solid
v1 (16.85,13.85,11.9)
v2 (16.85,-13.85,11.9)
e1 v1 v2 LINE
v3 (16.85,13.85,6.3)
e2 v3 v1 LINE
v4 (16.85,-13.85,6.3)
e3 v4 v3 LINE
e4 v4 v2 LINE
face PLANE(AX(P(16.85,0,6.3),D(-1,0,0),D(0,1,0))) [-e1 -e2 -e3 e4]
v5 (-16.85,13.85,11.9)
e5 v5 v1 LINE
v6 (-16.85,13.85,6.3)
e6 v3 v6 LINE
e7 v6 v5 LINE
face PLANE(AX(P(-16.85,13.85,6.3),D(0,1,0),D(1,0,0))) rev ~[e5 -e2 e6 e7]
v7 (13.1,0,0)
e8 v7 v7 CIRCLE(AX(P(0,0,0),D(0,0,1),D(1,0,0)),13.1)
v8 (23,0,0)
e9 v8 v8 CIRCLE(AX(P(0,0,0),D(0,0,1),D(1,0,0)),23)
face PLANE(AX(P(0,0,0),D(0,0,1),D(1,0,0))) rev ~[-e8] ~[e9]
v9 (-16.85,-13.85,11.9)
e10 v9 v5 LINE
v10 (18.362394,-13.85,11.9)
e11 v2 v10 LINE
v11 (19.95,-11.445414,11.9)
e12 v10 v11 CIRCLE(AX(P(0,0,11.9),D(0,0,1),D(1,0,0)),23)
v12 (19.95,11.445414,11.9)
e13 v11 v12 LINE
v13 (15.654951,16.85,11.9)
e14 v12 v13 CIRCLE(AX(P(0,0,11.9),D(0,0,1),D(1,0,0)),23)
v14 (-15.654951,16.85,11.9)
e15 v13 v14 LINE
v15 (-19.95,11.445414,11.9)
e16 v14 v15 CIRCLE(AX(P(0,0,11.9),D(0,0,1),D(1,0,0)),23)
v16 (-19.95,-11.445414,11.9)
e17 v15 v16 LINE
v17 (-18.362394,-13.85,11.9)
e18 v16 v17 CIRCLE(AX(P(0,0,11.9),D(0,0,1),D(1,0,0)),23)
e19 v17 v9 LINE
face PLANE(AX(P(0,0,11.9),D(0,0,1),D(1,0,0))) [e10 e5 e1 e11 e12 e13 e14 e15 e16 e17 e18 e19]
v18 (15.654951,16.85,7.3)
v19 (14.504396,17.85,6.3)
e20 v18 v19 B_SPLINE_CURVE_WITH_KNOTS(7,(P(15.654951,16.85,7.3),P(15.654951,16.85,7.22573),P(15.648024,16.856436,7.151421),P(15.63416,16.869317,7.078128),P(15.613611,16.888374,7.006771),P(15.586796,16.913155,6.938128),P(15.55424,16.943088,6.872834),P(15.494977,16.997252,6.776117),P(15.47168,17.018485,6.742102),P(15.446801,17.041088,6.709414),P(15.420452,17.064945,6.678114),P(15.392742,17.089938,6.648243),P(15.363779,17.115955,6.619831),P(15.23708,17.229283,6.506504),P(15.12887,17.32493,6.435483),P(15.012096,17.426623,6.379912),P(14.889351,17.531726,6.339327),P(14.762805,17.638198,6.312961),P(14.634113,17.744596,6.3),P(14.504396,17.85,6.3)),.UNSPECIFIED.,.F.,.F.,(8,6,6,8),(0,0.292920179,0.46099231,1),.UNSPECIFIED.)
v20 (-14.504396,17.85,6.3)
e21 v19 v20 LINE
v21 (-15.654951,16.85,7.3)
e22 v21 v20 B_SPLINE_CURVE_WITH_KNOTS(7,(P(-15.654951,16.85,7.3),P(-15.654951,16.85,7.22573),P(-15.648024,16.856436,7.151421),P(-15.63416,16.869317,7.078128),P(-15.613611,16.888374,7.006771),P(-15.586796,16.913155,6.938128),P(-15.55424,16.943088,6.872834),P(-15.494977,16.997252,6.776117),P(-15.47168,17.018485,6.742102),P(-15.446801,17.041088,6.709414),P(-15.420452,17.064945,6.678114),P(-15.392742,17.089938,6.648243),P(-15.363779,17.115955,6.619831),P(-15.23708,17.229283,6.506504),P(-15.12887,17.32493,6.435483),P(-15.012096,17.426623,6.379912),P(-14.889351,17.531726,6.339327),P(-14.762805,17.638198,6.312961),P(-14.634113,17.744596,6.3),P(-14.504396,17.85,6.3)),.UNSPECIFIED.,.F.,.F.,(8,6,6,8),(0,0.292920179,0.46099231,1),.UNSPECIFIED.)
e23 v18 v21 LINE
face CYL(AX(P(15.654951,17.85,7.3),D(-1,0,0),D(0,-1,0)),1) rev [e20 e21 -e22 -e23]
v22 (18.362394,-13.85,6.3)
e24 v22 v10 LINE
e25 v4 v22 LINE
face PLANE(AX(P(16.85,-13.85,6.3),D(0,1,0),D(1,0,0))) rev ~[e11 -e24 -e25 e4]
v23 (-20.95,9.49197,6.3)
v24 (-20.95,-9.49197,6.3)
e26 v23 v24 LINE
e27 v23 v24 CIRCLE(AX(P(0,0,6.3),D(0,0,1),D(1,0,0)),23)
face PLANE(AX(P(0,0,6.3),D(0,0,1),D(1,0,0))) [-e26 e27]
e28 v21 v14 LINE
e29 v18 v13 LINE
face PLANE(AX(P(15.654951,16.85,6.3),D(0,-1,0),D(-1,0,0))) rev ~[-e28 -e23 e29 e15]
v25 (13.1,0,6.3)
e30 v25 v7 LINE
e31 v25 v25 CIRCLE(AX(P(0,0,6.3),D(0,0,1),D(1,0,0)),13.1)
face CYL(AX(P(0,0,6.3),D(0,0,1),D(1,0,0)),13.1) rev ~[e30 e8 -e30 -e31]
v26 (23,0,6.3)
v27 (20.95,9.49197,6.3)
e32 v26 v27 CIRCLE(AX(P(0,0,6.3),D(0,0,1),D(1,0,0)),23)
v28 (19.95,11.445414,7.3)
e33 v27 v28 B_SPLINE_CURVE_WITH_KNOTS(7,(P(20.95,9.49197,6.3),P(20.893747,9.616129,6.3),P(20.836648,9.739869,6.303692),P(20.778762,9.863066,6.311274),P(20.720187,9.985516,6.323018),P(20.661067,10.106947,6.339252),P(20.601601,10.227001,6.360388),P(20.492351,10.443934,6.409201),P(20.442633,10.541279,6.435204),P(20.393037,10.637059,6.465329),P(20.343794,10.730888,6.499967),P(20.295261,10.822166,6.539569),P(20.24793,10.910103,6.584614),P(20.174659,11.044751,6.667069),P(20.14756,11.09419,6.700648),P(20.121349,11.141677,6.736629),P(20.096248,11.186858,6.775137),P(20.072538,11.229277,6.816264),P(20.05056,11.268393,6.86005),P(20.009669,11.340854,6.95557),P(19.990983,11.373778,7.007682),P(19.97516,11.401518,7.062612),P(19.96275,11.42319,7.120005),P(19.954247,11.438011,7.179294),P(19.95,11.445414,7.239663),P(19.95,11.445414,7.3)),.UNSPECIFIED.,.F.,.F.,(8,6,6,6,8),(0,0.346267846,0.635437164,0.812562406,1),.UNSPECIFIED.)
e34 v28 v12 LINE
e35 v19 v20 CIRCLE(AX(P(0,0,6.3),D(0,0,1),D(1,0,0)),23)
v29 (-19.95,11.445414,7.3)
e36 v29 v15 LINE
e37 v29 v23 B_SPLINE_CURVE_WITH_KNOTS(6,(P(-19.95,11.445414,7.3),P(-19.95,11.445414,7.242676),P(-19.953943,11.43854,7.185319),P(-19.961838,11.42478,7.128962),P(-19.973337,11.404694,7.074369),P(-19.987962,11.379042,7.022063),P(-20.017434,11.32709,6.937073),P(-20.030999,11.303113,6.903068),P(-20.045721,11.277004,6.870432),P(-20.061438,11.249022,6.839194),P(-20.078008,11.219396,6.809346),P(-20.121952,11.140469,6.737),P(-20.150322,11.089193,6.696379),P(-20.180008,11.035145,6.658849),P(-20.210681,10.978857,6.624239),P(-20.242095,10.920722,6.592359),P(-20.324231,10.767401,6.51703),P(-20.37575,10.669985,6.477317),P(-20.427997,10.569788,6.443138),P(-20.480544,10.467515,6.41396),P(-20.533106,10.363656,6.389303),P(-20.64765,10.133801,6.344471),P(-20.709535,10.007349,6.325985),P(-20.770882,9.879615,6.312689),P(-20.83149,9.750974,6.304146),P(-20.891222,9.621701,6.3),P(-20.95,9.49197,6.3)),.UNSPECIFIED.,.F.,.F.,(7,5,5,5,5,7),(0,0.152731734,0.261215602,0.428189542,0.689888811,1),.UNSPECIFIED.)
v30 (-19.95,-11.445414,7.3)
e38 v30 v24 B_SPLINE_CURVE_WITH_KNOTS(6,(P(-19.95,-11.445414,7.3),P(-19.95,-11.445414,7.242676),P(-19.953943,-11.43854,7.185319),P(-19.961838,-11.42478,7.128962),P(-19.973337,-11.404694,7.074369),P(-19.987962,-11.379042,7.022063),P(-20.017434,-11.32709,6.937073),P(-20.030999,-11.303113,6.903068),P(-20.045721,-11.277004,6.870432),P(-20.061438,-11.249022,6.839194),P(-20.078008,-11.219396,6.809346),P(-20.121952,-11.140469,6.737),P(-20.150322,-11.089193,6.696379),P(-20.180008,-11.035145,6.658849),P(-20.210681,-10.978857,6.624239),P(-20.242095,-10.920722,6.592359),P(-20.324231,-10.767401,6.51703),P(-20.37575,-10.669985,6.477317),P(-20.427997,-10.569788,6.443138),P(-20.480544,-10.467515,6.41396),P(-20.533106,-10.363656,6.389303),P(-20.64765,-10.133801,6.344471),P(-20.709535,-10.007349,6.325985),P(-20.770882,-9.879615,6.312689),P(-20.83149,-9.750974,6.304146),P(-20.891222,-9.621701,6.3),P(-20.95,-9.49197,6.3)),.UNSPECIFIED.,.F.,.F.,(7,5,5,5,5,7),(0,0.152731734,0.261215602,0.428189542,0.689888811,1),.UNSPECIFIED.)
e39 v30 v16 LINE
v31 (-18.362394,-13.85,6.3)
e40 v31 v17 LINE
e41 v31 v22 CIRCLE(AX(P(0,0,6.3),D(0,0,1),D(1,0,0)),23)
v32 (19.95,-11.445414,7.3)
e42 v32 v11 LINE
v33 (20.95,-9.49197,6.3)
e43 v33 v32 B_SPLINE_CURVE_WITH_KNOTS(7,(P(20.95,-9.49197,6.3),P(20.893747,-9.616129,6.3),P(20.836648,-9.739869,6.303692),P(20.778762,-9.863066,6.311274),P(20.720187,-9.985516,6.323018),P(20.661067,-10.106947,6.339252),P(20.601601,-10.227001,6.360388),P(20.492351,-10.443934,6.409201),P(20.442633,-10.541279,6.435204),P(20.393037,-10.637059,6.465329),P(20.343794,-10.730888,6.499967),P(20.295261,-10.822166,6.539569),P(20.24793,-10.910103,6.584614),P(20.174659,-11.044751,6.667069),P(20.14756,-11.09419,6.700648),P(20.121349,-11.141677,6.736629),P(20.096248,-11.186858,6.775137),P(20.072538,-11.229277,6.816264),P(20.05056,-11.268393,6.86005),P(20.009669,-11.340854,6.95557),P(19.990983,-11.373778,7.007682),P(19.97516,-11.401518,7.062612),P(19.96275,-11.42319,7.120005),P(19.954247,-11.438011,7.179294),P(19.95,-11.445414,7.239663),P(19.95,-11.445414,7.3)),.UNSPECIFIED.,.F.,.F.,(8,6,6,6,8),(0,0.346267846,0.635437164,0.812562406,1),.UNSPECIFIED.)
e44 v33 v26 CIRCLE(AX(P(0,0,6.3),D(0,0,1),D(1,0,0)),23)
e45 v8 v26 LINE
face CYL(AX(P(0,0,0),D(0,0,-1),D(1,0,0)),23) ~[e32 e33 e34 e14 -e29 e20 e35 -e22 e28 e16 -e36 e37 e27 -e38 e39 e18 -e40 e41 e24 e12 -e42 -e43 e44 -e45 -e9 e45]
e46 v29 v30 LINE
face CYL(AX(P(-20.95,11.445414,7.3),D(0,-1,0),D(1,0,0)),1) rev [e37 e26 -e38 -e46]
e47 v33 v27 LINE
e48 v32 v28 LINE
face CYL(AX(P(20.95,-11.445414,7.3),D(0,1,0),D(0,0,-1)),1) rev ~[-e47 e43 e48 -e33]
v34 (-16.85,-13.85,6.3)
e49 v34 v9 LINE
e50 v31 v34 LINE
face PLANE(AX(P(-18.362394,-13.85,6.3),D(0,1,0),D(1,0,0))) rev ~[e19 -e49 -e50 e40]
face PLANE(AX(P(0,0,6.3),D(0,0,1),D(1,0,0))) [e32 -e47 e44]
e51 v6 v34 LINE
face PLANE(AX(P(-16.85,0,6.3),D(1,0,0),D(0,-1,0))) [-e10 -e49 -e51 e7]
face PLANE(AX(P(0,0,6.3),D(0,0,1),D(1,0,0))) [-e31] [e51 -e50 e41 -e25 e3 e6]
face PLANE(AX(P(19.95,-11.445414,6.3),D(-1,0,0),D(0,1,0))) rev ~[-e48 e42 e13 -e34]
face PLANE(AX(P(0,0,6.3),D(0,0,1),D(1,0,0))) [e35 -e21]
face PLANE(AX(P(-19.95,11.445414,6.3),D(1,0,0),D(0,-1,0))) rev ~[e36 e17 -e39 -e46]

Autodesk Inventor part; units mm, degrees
ref_plane "YZ Plane" through (0, 0, 0) normal (1, 0, 0) x (0, 1, 0)
ref_plane "XZ Plane" through (0, 0, 0) normal (0, 1, 0) x (-1, 0, 0)
ref_plane "XY Plane" through (0, 0, 0) normal (0, 0, 1) x (1, 0, 0)
sketch "スケッチ1" plane through (0, 0, 0) normal (0, 0, 1) x (1, 0, 0)
  circle A0 centre (0, 0) radius 23
  dimension "d0" = 46
extrude "押し出し1" add sketch "スケッチ1" along normal blind 6.3
sketch "スケッチ2" plane through (0, 0, 6.3) normal (0, 0, 1) x (1, 0, 0)
  line L0 (0, 0) -> (16.85, 0)
  line L1 (16.85, 0) -> (16.85, 13.85)
  line L2 (16.85, 13.85) -> (0, 13.85)
  line L3 (0, 13.85) -> (0, 0)
  line L4 (0, 0) -> (-16.85, 0)
  line L5 (-16.85, 0) -> (-16.85, 13.85)
  line L6 (-16.85, 13.85) -> (0, 13.85)
  line L7 (-19.95, -13.85) -> (19.95, -13.85)
  line L8 (19.95, -13.85) -> (19.95, 16.85)
  line L9 (19.95, 16.85) -> (-19.95, 16.85)
  line L10 (-19.95, 16.85) -> (-19.95, -13.85)
  line L11 (-16.85, 0) -> (-16.85, -13.85)
  line L12 (16.85, 0) -> (16.85, -13.85)
  circle A0 centre (0, 0) radius 23
  point P0 (18.3624, -13.85)
  point P1 (19.95, -11.4454)
  point P2 (19.95, 11.4454)
  point P3 (15.655, 16.85)
  point P4 (-15.655, 16.85)
  point P5 (-19.95, 11.4454)
  point P6 (-19.95, -11.4454)
  point P7 (-18.3624, -13.85)
  dimension "d3" = 13.85
  dimension "d4" = 16.85
  dimension "d5" = 3
  dimension "d6" = 3.1
  dimension "d8" = 3.1
  dimension "d9" = 30.7
  dimension "d10" = 46
extrude "押し出し2" add sketch "スケッチ2" along normal blind 5.6 contours L1 L2 L6 L5 L11 L7 A0 L10 L9 L8 L12
sketch "スケッチ3" plane through (0, 0, 6.3) normal (0, 0, 1) x (1, 0, 0)
  circle A0 centre (0, 0) radius 13.1
  dimension "d13" = 26.2
extrude "押し出し3" cut sketch "スケッチ3" against normal blind 7
sketch "スケッチ4" plane through (0, 0, 0) normal (0, 0, -1) x (-1, 0, 0)
  circle A0 centre (0, 0) radius 19.5
  dimension "d16" = 39
extrude "押し出し4" [suppressed]
fillet "フィレット1" radius 1 3 edges at (0, 16.85, 6.3) (19.95, 0, 6.3) (-19.95, 0, 6.3)
properties part number "connectpart2"
